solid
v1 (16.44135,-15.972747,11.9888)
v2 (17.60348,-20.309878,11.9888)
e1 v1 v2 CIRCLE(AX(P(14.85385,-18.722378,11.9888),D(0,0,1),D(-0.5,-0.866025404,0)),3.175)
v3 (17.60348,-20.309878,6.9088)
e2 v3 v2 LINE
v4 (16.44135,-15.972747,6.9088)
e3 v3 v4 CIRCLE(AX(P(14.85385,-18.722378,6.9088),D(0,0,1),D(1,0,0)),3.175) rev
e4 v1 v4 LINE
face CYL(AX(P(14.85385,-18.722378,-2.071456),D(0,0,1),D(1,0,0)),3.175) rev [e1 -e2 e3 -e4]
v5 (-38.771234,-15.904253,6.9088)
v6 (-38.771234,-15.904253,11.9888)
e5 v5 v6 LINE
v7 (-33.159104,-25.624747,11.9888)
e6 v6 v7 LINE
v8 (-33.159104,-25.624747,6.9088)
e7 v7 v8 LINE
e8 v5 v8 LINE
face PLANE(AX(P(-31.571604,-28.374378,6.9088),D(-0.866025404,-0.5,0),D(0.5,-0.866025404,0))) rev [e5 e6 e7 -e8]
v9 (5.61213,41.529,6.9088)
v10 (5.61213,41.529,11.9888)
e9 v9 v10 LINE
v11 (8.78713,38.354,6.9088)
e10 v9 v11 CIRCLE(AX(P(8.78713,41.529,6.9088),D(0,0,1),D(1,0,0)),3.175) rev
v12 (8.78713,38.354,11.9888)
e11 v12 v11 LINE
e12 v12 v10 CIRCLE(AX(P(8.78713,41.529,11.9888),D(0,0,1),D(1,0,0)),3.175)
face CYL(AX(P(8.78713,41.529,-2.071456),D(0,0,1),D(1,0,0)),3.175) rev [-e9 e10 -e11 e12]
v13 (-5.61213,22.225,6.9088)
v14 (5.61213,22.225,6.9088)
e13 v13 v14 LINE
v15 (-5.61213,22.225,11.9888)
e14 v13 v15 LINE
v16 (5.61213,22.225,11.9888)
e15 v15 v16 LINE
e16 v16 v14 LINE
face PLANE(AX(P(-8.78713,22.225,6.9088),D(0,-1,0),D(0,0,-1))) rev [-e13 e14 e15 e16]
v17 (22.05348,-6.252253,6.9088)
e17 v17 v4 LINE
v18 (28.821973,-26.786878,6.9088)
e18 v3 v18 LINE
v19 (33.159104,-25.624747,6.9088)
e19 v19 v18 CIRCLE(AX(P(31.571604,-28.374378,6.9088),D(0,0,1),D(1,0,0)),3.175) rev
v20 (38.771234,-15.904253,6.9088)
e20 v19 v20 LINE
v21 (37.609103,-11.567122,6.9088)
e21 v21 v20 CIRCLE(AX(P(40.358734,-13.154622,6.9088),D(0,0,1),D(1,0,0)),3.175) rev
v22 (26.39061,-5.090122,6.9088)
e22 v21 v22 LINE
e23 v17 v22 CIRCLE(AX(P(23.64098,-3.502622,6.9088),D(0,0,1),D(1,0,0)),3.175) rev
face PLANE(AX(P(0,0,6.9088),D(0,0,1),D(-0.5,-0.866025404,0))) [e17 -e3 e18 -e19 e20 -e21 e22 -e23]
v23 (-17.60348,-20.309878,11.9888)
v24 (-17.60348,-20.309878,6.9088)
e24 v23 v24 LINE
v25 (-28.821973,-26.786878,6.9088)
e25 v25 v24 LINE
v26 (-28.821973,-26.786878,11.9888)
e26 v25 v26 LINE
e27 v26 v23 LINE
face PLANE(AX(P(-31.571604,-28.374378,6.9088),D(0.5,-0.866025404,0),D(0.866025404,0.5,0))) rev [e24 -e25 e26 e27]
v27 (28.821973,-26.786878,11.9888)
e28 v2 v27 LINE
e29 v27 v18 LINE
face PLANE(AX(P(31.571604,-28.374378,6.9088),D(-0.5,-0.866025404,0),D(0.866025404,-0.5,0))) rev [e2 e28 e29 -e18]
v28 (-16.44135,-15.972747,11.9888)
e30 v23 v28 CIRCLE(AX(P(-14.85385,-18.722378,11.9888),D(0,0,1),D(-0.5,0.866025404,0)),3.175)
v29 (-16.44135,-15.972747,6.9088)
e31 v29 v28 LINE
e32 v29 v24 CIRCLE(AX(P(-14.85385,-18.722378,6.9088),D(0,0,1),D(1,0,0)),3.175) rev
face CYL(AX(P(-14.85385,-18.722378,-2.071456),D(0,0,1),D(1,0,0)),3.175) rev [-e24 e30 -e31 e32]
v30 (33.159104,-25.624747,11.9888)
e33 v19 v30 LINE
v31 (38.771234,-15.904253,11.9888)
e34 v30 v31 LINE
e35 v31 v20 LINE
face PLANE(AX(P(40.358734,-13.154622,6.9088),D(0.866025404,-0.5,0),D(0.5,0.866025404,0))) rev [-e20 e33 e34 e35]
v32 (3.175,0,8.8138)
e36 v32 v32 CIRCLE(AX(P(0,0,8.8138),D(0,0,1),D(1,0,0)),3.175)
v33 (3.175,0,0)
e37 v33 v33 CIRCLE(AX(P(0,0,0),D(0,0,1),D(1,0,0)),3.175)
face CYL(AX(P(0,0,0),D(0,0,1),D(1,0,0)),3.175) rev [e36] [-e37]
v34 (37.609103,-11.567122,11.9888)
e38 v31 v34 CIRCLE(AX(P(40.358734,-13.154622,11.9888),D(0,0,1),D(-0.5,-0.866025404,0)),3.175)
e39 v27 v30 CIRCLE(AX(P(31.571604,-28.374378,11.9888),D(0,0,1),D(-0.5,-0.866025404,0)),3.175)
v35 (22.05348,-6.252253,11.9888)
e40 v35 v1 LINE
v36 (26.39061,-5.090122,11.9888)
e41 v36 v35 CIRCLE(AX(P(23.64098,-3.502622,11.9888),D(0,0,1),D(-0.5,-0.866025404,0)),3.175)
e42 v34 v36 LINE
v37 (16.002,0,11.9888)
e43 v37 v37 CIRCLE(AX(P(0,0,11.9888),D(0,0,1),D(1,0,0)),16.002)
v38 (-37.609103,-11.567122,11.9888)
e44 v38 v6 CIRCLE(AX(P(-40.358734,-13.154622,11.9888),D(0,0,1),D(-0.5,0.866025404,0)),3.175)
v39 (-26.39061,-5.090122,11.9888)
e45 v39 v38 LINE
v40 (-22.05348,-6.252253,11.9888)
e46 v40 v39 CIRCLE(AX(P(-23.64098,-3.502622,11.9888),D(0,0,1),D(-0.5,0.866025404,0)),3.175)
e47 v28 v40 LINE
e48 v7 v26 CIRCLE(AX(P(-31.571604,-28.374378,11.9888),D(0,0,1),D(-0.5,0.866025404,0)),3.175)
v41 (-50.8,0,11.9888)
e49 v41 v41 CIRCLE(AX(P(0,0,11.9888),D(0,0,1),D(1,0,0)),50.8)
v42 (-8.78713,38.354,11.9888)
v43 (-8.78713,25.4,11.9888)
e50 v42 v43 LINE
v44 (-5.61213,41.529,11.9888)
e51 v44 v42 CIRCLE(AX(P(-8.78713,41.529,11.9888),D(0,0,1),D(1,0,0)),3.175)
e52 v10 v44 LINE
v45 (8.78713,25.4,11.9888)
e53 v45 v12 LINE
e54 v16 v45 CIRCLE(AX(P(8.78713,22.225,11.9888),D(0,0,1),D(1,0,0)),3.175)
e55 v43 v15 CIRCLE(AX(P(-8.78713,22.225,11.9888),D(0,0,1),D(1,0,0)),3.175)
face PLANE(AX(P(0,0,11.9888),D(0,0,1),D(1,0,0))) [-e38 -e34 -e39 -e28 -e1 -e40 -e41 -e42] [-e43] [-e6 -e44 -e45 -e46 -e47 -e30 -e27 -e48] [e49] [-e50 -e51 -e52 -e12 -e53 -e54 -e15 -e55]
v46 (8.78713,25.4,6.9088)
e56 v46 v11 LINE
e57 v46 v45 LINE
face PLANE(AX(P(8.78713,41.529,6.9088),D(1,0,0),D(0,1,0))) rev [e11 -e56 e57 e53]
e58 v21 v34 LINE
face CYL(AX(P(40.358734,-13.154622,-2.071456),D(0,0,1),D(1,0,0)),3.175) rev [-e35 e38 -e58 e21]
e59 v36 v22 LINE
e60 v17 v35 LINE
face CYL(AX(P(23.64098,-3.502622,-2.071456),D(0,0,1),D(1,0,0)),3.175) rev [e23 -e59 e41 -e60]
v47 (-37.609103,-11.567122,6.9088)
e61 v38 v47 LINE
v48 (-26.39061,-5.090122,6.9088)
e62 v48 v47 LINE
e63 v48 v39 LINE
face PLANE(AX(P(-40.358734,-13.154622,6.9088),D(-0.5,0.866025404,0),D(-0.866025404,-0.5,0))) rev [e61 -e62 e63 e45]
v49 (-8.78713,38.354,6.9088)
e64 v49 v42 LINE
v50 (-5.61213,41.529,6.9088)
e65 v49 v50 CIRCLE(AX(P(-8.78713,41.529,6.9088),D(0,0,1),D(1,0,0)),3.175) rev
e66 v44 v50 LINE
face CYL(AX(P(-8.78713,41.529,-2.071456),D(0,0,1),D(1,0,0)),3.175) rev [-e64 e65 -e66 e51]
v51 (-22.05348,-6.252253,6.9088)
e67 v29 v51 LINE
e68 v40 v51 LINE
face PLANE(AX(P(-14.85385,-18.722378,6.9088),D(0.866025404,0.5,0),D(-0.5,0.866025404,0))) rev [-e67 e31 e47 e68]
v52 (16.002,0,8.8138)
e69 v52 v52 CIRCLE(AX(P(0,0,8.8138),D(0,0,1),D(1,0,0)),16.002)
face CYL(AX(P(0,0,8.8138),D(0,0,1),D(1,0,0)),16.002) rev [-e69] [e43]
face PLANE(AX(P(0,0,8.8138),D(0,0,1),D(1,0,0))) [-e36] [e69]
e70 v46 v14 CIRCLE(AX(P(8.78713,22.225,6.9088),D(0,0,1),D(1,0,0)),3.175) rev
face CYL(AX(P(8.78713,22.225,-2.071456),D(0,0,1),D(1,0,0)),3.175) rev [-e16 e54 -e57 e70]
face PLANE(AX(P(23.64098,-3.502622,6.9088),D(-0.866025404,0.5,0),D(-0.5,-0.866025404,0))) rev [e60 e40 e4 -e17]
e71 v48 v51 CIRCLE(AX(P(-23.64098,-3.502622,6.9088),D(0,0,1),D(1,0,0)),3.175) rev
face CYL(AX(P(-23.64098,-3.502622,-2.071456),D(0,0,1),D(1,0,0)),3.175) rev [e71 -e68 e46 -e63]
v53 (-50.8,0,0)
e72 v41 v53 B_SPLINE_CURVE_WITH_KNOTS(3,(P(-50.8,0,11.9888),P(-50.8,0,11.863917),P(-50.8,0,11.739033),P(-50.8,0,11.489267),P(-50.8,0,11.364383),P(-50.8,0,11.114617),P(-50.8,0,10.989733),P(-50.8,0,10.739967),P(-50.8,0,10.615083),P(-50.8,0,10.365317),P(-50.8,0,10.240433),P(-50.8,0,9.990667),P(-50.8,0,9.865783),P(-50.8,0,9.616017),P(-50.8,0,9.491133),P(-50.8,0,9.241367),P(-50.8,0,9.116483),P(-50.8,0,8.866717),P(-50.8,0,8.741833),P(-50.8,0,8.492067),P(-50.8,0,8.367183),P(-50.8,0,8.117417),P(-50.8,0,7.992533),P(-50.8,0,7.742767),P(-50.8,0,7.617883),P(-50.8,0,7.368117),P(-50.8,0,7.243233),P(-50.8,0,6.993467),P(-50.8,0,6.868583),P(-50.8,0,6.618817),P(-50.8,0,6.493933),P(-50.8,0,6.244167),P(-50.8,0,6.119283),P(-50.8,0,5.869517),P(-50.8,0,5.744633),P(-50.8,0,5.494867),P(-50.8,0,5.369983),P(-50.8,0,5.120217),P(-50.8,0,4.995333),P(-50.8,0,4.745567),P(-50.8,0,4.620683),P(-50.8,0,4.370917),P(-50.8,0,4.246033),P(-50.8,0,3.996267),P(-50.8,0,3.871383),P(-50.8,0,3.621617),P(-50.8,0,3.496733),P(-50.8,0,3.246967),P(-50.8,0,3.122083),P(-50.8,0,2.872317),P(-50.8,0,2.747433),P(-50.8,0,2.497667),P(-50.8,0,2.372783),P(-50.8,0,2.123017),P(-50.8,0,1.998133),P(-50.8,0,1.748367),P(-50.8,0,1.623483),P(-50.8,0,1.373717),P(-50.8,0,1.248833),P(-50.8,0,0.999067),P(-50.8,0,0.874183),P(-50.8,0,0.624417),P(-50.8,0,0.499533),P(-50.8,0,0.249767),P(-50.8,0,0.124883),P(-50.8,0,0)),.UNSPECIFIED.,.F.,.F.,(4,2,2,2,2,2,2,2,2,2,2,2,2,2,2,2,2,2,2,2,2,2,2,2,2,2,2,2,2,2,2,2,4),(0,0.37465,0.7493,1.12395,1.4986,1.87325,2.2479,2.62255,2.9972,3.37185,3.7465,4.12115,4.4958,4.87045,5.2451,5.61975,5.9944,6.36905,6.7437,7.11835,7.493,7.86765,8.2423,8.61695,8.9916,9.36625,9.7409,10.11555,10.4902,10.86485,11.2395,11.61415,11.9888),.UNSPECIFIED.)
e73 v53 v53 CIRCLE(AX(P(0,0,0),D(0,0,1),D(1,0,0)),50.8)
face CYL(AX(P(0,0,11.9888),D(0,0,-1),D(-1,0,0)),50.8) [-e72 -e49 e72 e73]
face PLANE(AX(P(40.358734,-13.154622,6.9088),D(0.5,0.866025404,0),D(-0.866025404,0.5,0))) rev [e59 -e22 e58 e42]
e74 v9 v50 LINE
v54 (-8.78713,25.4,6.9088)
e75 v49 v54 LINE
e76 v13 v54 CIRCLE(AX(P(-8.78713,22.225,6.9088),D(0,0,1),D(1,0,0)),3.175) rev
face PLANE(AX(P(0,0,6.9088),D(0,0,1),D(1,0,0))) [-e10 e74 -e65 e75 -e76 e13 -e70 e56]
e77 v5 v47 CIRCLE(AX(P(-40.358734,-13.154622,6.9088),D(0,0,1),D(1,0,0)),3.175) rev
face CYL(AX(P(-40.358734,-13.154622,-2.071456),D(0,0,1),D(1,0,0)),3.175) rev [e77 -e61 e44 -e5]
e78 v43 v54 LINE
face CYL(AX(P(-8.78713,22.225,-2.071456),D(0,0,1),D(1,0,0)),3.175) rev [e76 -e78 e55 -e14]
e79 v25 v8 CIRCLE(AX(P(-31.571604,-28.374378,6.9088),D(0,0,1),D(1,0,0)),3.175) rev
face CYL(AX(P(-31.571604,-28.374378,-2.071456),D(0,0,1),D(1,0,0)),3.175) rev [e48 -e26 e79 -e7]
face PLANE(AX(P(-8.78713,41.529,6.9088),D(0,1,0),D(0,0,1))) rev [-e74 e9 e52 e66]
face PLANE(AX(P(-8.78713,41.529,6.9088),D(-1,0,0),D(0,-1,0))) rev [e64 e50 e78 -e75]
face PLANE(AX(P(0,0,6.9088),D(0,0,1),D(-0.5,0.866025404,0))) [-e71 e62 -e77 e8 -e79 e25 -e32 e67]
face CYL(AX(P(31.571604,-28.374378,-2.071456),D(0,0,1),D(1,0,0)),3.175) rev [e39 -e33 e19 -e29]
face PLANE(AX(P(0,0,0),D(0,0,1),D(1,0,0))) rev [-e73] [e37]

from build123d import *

# Parameters (mm, degrees)
SKETCH1_R            = 50.8
BOSS_EXTRUDE1_DEPTH  = 11.9888
SKETCH3_W            = 17.57426
SKETCH3_H            = 19.304
CUT_EXTRUDE1_DEPTH   = 5.08
SKETCH7_R            = 3.175
CORNER_RELIEFS_DEPTH = 5.08
CIRPATTERN1_COUNT    = 3
SKETCH5_R            = 16.002
MAGNET_INSET_DEPTH   = 3.175
SKETCH6_R            = 3.175
CENTRAL_HOLE_DEPTH   = 73.380681611


with BuildPart() as part:
    # Sketch1 → Boss-Extrude1 (new body)
    with BuildSketch(Plane.XY):
        with Locations(Location((0, 0, 0), (0, 0, 180))):
            Circle(SKETCH1_R)
    extrude(amount=BOSS_EXTRUDE1_DEPTH)

    # Sketch3 → Cut-Extrude1 (cut)
    with BuildSketch(Plane.XY.offset(11.9888)):
        with Locations((0, 31.877)):
            Rectangle(SKETCH3_W, SKETCH3_H)
    cut_extrude1 = extrude(amount=-CUT_EXTRUDE1_DEPTH, mode=Mode.SUBTRACT)

    # Sketch7 → corner reliefs (cut)
    with BuildSketch(Plane.XY.offset(11.9888)):
        with Locations((-8.78713, 41.529)):
            Circle(SKETCH7_R)
        with Locations((-8.78713, 22.225)):
            Circle(SKETCH7_R)
        with Locations((8.78713, 22.225)):
            Circle(SKETCH7_R)
        with Locations((8.78713, 41.529)):
            Circle(SKETCH7_R)
    corner_reliefs = extrude(amount=-CORNER_RELIEFS_DEPTH, mode=Mode.SUBTRACT)

    # CirPattern1: Cut-Extrude1, corner reliefs ×3 about axis
    cirpattern1_axis = Axis((0, 0, 0), (0, 0, 1))
    add([cut_extrude1.rotate(cirpattern1_axis, i * 360 / CIRPATTERN1_COUNT) for i in range(1, CIRPATTERN1_COUNT)], mode=Mode.SUBTRACT)
    add([corner_reliefs.rotate(cirpattern1_axis, i * 360 / CIRPATTERN1_COUNT) for i in range(1, CIRPATTERN1_COUNT)], mode=Mode.SUBTRACT)

    # Sketch5 → magnet inset (cut)
    with BuildSketch(Plane.XY.offset(11.9888)):
        Circle(SKETCH5_R)
    extrude(amount=-MAGNET_INSET_DEPTH, mode=Mode.SUBTRACT)

    # Sketch6 → central hole (cut, through all)
    with BuildSketch(Plane.XY.offset(8.8138)):
        Circle(SKETCH6_R)
    extrude(amount=-CENTRAL_HOLE_DEPTH, mode=Mode.SUBTRACT)


solid = part.part
